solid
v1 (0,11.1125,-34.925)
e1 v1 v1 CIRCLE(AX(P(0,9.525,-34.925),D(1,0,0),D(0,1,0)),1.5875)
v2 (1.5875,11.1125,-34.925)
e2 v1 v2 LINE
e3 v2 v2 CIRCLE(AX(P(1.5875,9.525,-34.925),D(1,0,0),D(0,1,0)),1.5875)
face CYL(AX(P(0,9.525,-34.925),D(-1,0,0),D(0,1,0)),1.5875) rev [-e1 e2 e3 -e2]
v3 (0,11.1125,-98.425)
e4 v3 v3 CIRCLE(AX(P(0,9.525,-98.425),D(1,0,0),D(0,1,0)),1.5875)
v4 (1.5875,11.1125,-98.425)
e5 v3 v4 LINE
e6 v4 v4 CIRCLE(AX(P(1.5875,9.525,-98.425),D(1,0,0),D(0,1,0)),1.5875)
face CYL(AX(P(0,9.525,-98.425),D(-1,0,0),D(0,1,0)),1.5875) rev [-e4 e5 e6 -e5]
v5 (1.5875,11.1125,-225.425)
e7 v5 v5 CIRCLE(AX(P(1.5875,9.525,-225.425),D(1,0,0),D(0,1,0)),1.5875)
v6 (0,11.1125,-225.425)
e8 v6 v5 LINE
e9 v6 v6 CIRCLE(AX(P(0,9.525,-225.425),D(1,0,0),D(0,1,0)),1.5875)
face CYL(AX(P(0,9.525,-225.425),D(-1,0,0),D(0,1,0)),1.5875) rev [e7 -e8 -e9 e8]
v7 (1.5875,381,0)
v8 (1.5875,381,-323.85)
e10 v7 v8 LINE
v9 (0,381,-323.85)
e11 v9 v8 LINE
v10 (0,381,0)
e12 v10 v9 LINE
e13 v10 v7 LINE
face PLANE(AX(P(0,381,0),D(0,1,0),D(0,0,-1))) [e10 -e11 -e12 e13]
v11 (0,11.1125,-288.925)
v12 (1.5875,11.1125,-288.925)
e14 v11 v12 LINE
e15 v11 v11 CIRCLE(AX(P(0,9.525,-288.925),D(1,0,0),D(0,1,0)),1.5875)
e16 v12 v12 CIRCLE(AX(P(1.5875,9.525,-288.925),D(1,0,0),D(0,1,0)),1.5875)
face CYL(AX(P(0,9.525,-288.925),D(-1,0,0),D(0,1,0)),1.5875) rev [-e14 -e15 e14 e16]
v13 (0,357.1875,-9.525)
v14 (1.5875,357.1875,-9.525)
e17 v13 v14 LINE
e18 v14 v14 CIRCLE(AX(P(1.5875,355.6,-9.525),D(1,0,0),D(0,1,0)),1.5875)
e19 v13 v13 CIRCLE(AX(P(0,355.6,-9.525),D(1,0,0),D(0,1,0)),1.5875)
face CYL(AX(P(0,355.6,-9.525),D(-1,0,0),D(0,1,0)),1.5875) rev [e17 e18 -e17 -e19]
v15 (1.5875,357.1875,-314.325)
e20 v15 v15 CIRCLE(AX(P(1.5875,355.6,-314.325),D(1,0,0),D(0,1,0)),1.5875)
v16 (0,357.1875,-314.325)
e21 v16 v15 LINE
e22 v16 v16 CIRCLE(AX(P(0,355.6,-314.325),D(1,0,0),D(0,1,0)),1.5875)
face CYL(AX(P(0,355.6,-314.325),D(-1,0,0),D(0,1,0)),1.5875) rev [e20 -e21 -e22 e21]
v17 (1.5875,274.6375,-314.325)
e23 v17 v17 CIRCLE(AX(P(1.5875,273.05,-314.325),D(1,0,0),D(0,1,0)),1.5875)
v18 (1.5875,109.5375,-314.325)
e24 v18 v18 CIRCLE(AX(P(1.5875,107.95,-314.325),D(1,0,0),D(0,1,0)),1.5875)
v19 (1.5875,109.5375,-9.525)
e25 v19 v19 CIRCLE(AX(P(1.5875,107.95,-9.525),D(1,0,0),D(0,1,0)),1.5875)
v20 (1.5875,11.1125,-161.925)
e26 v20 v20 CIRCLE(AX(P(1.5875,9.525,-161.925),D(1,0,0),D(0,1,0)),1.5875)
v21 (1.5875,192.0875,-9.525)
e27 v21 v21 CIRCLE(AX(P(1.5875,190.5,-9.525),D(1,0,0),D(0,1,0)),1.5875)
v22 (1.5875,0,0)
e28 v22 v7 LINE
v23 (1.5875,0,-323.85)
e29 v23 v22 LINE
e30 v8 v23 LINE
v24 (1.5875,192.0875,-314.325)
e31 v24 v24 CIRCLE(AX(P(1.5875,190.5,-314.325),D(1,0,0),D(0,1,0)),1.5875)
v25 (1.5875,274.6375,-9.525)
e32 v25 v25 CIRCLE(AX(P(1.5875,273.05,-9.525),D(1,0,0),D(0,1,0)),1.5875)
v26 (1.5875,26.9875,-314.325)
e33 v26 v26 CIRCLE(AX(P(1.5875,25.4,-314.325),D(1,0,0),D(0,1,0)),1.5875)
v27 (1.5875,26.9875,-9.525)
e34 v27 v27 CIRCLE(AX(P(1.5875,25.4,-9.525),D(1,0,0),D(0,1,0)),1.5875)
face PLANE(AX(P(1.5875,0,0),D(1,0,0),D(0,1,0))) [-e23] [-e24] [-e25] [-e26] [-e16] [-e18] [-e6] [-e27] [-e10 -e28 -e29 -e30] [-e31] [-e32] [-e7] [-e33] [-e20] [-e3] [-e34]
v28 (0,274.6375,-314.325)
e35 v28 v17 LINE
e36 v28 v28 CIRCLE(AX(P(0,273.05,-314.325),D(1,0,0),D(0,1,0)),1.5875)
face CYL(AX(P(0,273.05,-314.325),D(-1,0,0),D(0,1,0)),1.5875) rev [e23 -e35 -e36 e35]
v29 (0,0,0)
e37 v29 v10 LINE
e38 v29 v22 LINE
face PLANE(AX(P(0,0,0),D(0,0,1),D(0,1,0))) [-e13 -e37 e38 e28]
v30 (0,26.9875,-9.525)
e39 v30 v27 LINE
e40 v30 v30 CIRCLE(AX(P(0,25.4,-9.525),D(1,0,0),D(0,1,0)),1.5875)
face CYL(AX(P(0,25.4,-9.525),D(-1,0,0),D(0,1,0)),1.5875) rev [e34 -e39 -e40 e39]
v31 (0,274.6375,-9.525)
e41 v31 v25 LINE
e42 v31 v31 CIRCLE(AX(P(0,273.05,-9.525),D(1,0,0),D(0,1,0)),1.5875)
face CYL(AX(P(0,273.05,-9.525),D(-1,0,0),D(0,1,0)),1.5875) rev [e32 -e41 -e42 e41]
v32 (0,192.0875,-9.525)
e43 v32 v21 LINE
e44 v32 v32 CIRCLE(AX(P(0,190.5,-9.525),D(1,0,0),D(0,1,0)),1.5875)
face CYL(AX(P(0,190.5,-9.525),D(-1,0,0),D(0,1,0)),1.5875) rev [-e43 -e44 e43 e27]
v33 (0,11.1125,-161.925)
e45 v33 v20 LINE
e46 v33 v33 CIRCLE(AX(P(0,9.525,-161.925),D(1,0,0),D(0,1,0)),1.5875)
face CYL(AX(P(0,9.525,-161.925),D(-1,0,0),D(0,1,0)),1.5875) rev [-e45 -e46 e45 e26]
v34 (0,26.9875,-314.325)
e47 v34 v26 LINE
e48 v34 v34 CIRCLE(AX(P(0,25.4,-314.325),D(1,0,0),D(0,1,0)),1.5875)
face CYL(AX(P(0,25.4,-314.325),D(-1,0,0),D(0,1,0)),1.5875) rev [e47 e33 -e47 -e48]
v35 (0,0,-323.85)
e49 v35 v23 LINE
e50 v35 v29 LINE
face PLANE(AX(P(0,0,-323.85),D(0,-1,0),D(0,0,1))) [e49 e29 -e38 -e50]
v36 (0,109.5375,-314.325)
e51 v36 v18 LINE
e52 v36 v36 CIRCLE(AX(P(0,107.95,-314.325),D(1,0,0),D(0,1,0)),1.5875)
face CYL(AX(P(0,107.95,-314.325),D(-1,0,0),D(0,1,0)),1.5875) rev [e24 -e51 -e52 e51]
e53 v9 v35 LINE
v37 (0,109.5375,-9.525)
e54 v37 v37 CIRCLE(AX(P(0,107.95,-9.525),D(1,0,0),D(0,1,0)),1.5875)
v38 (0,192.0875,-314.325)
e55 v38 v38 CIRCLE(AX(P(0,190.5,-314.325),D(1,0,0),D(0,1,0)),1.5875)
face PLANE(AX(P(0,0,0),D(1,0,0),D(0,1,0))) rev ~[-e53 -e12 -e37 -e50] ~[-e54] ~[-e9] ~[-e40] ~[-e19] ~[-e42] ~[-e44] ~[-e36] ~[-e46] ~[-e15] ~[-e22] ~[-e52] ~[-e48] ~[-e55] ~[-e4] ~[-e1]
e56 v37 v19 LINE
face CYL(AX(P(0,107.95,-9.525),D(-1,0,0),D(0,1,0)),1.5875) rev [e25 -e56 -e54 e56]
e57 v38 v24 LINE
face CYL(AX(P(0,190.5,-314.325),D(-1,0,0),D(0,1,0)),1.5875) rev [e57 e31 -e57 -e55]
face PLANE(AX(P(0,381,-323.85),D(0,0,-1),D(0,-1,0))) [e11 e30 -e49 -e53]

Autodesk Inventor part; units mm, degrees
ref_plane "YZ Plane" through (0, 0, 0) normal (1, 0, 0) x (0, 1, 0)
ref_plane "XZ Plane" through (0, 0, 0) normal (0, 1, 0) x (-1, 0, 0)
ref_plane "XY Plane" through (0, 0, 0) normal (0, 0, 1) x (1, 0, 0)
sketch "Sketch1" plane through (0, 0, 0) normal (1, 0, 0) x (0, 1, 0)
  line L0 (0, 0) -> (381, 0)
  line L1 (381, 0) -> (381, -323.85)
  line L2 (381, -323.85) -> (0, -323.85)
  line L3 (0, -323.85) -> (0, 0)
  line L4 (0, -314.325) -> (381, -314.325) construction
  line L5 (381, -161.925) -> (0, -161.925) construction
  line L6 (190.5, -323.85) -> (190.5, 0) construction
  line L7 (9.525, -323.85) -> (9.525, 0) construction
  circle A0 centre (9.525, -161.925) radius 1.5875
  circle A1 centre (9.525, -98.425) radius 1.5875
  circle A2 centre (9.525, -34.925) radius 1.5875
  circle A3 centre (9.525, -225.425) radius 1.5875
  circle A4 centre (9.525, -161.925) radius 1.5875
  circle A5 centre (9.525, -98.425) radius 1.5875
  circle A6 centre (9.525, -288.925) radius 1.5875
  circle A7 centre (9.525, -225.425) radius 1.5875
  circle A8 centre (9.525, -161.925) radius 1.5875
  circle A9 centre (190.5, -314.325) radius 1.5875
  circle A10 centre (273.05, -314.325) radius 1.5875
  circle A11 centre (355.6, -314.325) radius 1.5875
  circle A12 centre (107.95, -314.325) radius 1.5875
  circle A13 centre (25.4, -314.325) radius 1.5875
  line L8 (0, -9.525) -> (381, -9.525) construction
  circle A14 centre (190.5, -9.525) radius 1.5875
  circle A15 centre (273.05, -9.525) radius 1.5875
  circle A16 centre (355.6, -9.525) radius 1.5875
  circle A17 centre (107.95, -9.525) radius 1.5875
  circle A18 centre (25.4, -9.525) radius 1.5875
  dimension "d0" = 323.85
  dimension "d1" = 381
  dimension "d12" = 9.525
  dimension "d13" = 9.525
  dimension "d16" = 63.5
  dimension "d19" = 63.5
  dimension "d22" = 3.175
  dimension "d25" = 82.55
  dimension "d32" = 82.55
extrude "Extrusion1" add sketch "Sketch1" along normal blind 1.5875
equation "\"d13\" = d12"
properties part number "Short Wall" material "Polycarbonate, Clear"
